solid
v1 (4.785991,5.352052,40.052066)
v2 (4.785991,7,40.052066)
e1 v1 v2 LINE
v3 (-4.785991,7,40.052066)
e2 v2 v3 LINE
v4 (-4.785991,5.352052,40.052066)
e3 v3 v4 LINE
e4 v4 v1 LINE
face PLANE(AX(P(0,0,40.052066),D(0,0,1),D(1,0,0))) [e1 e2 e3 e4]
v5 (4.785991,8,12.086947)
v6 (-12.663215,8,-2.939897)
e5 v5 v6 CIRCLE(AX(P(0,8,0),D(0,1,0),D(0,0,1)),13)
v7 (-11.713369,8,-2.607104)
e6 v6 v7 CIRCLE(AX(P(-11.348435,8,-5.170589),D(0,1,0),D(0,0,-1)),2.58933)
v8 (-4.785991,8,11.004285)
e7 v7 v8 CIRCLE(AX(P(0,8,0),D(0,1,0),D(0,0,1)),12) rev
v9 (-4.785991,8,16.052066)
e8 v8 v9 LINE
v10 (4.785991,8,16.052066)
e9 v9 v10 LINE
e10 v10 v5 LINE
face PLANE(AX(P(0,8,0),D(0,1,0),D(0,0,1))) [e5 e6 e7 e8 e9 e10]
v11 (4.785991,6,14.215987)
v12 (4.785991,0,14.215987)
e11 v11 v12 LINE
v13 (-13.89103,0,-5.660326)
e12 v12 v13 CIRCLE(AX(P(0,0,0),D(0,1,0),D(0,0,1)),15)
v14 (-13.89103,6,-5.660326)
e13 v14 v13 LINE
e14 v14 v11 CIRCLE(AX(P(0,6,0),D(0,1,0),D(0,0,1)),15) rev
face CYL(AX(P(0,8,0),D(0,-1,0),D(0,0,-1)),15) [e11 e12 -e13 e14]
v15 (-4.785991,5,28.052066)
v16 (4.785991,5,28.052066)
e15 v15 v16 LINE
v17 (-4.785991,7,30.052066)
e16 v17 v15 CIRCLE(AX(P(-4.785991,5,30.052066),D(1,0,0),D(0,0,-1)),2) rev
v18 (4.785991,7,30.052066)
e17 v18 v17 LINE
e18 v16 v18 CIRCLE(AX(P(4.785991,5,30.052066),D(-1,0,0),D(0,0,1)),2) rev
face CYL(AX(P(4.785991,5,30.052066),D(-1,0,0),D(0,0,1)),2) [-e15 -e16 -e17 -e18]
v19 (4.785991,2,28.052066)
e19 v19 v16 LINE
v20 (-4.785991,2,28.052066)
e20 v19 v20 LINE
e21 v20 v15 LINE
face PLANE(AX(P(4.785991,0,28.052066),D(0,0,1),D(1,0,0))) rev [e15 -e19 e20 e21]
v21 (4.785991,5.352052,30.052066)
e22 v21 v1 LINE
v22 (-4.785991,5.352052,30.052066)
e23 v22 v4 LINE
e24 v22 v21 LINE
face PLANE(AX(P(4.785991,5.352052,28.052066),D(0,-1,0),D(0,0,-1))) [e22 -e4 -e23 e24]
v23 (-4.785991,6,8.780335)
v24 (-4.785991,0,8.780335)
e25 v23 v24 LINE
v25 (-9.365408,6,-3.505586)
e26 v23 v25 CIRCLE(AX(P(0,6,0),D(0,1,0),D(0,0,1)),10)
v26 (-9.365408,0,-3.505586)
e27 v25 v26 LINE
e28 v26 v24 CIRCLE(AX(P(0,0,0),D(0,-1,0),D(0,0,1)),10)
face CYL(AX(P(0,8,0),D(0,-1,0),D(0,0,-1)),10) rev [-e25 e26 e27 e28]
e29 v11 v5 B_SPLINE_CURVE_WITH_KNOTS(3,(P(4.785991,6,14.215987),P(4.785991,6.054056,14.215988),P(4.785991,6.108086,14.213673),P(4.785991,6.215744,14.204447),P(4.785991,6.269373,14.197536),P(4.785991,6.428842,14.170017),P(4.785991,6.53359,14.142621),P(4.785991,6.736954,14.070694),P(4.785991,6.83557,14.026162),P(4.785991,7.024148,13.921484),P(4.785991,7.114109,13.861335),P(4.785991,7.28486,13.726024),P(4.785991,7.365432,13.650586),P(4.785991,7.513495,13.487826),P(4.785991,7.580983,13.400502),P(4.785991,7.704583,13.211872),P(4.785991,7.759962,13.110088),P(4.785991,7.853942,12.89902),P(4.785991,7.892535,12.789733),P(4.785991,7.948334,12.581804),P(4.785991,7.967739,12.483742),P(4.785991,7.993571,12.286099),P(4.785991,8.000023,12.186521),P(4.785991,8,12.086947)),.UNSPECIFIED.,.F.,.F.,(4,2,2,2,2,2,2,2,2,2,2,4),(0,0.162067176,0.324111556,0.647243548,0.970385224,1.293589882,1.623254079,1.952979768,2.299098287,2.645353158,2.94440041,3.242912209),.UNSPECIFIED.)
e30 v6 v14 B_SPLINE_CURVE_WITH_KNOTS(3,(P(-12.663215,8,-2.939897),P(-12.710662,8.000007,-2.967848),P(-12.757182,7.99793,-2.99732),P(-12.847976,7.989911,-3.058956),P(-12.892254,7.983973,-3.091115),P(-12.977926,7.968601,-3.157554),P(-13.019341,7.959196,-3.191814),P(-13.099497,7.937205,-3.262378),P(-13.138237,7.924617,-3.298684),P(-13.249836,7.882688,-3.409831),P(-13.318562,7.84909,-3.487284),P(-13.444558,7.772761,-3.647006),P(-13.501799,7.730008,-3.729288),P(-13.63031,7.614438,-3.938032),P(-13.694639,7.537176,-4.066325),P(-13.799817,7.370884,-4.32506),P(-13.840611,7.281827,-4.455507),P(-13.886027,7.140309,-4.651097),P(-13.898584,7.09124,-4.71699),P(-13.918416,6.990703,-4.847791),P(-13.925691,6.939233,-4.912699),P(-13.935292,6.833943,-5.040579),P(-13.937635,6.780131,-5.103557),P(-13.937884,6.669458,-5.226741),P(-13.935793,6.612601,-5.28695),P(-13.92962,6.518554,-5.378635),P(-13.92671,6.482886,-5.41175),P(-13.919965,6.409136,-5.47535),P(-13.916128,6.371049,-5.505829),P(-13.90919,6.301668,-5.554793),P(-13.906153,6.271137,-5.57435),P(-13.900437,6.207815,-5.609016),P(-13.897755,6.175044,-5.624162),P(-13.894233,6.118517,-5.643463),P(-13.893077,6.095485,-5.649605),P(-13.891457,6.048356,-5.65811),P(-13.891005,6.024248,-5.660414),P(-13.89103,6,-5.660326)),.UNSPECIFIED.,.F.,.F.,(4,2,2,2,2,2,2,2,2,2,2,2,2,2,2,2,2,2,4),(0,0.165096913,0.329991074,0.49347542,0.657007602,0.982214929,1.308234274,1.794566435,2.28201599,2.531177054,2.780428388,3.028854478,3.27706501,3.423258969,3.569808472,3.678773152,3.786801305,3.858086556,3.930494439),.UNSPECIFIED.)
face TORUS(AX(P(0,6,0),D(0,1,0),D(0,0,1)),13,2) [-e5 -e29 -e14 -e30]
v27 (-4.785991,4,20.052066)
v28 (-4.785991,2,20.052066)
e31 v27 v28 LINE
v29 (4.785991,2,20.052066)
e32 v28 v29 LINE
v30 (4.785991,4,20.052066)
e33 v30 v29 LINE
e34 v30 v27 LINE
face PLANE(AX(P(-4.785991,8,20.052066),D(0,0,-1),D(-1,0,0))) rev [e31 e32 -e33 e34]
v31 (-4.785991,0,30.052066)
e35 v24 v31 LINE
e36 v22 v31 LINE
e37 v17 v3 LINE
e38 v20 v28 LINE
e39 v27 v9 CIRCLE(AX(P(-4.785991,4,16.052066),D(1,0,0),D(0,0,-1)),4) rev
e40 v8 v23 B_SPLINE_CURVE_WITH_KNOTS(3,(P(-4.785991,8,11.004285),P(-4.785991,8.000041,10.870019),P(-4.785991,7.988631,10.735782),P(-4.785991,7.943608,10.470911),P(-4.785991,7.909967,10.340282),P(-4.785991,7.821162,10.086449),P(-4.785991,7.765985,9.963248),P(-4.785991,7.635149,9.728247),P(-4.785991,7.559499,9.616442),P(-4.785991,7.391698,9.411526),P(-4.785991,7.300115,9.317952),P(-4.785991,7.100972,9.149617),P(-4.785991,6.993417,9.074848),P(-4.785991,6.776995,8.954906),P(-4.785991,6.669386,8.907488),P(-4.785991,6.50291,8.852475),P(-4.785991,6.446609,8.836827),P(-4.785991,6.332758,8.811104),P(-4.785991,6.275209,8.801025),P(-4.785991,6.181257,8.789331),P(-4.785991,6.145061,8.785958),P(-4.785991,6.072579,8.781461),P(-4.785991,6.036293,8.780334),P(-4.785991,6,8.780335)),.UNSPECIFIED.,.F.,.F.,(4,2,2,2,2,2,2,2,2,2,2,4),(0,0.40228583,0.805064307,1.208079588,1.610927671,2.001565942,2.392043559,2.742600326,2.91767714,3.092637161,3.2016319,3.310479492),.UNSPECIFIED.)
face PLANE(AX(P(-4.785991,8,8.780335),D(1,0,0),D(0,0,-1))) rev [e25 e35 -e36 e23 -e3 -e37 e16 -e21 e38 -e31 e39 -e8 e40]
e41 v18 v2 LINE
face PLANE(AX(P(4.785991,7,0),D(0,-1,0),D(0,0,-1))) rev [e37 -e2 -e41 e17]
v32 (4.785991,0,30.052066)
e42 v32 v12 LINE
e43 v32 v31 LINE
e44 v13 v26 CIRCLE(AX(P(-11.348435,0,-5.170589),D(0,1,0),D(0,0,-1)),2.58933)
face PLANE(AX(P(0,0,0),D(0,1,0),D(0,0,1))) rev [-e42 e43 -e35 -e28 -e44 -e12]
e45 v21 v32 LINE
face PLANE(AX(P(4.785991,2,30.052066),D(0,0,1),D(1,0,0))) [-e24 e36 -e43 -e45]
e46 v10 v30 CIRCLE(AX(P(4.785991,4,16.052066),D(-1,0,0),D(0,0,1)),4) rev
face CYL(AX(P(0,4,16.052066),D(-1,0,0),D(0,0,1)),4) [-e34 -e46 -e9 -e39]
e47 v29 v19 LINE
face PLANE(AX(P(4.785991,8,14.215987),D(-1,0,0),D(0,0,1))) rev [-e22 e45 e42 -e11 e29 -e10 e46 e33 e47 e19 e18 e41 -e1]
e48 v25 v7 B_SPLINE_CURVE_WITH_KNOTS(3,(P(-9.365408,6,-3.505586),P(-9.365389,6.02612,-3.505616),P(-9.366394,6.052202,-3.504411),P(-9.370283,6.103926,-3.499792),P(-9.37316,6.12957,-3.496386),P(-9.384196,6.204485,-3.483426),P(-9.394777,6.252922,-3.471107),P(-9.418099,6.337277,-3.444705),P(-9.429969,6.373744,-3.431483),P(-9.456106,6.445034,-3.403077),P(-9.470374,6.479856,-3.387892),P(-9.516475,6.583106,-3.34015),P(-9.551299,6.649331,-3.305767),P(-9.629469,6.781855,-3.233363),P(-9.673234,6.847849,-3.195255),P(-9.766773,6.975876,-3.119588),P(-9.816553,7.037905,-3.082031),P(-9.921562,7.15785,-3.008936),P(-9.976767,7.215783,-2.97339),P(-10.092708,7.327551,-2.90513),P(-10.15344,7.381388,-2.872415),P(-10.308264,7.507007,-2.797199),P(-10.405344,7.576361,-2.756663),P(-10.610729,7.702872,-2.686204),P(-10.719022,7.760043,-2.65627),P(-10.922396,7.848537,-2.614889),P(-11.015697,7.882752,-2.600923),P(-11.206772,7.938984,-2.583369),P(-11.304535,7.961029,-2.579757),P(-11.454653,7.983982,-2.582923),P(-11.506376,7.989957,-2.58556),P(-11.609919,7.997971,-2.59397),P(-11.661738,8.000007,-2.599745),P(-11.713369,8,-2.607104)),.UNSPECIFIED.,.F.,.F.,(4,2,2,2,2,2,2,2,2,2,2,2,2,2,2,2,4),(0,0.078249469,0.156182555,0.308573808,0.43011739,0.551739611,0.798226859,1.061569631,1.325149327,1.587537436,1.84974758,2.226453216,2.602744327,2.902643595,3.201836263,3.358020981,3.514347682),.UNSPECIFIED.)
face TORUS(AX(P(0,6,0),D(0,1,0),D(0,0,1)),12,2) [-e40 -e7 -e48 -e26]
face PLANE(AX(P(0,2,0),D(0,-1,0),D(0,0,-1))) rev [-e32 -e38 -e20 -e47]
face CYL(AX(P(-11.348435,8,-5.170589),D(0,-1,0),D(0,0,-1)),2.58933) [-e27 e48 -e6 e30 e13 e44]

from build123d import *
from build123d.topology import SkipClean

# Parameters (mm, degrees)
BOSS_EXTRUDE1_DEPTH = 8
SKETCH2_W           = 9.571982136
SKETCH2_H           = 10
BOSS_EXTRUDE2_DEPTH = 2
BOSS_EXTRUDE3_DEPTH = 9.571982
FILLET1_R           = 2
FILLET2_R           = 4
FILLET3_R           = 2
SKETCH4_W           = 9.571982136
SKETCH4_H           = 1.647948381
BOSS_EXTRUDE4_DEPTH = 6


with BuildPart() as part:
    # Sketch1 → Boss-Extrude1 (new body)
    with BuildSketch(Plane(origin=(0, 0, 0), x_dir=(1, 0, 0), z_dir=(0, 1, 0))):
        with BuildLine():
            Line((-4.785991068, -8.780335386), (-4.785991068, -20.052065634))
            Line((-4.785991068, -20.052065634), (4.785991068, -20.052065634))
            Line((4.785991068, -20.052065634), (4.785991068, -14.215987109))
            ThreePointArc((4.785991068, -14.215987109), (10.931257236, 10.271689989), (-13.891030007, 5.660325552))
            ThreePointArc((-13.891030007, 5.660325552), (-12.461541016, 2.832721051), (-9.365408089, 3.505585733))
            ThreePointArc((-9.365408089, 3.505585733), (9.370244872, 3.492636688), (-4.785991068, -8.780335386))
        make_face()
    extrude(amount=BOSS_EXTRUDE1_DEPTH)

    # Sketch2 → Boss-Extrude2 (add)
    with BuildSketch(Plane.XZ):
        with Locations((0, 25.052065634)):
            Rectangle(SKETCH2_W, SKETCH2_H)
    extrude(amount=-BOSS_EXTRUDE2_DEPTH)

    # Sketch3 → Boss-Extrude3 (add)
    with SkipClean():  # the faces are left unmerged after this step: merging them gives an invalid solid
        with BuildSketch(Plane.ZY.offset(4.785991068)):
            Polygon((28.052065634, 2), (30.052065634, 2), (30.052065634, 5.352051619), (34.052065634, 5.352051619), (34.052065634, 7), (28.052065634, 7), align=None)
        extrude(amount=-BOSS_EXTRUDE3_DEPTH)

    # Fillet1
    fillet1_edges = [part.edges().sort_by_distance(p)[0] for p in [
        (-6.8e-08, 7, 28.052065634),
    ]]
    fillet(fillet1_edges, radius=FILLET1_R)

    # Fillet2
    fillet2_edges = [part.edges().sort_by_distance(p)[0] for p in [
        (0, 8, 20.052065634),
    ]]
    fillet(fillet2_edges, radius=FILLET2_R)

    # Fillet3
    fillet3_edges = [part.edges().sort_by_distance(p)[0] for p in [
        (9.370244872, 8, -3.492636688),
        (10.931257236, 8, -10.271689989),
    ]]
    fillet(fillet3_edges, radius=FILLET3_R)

    # Sketch4 → Boss-Extrude4 (add)
    with BuildSketch(Plane.XY.offset(34.052065634)):
        with Locations((0, 6.17602581)):
            Rectangle(SKETCH4_W, SKETCH4_H)
    extrude(amount=BOSS_EXTRUDE4_DEPTH)


solid = part.part
